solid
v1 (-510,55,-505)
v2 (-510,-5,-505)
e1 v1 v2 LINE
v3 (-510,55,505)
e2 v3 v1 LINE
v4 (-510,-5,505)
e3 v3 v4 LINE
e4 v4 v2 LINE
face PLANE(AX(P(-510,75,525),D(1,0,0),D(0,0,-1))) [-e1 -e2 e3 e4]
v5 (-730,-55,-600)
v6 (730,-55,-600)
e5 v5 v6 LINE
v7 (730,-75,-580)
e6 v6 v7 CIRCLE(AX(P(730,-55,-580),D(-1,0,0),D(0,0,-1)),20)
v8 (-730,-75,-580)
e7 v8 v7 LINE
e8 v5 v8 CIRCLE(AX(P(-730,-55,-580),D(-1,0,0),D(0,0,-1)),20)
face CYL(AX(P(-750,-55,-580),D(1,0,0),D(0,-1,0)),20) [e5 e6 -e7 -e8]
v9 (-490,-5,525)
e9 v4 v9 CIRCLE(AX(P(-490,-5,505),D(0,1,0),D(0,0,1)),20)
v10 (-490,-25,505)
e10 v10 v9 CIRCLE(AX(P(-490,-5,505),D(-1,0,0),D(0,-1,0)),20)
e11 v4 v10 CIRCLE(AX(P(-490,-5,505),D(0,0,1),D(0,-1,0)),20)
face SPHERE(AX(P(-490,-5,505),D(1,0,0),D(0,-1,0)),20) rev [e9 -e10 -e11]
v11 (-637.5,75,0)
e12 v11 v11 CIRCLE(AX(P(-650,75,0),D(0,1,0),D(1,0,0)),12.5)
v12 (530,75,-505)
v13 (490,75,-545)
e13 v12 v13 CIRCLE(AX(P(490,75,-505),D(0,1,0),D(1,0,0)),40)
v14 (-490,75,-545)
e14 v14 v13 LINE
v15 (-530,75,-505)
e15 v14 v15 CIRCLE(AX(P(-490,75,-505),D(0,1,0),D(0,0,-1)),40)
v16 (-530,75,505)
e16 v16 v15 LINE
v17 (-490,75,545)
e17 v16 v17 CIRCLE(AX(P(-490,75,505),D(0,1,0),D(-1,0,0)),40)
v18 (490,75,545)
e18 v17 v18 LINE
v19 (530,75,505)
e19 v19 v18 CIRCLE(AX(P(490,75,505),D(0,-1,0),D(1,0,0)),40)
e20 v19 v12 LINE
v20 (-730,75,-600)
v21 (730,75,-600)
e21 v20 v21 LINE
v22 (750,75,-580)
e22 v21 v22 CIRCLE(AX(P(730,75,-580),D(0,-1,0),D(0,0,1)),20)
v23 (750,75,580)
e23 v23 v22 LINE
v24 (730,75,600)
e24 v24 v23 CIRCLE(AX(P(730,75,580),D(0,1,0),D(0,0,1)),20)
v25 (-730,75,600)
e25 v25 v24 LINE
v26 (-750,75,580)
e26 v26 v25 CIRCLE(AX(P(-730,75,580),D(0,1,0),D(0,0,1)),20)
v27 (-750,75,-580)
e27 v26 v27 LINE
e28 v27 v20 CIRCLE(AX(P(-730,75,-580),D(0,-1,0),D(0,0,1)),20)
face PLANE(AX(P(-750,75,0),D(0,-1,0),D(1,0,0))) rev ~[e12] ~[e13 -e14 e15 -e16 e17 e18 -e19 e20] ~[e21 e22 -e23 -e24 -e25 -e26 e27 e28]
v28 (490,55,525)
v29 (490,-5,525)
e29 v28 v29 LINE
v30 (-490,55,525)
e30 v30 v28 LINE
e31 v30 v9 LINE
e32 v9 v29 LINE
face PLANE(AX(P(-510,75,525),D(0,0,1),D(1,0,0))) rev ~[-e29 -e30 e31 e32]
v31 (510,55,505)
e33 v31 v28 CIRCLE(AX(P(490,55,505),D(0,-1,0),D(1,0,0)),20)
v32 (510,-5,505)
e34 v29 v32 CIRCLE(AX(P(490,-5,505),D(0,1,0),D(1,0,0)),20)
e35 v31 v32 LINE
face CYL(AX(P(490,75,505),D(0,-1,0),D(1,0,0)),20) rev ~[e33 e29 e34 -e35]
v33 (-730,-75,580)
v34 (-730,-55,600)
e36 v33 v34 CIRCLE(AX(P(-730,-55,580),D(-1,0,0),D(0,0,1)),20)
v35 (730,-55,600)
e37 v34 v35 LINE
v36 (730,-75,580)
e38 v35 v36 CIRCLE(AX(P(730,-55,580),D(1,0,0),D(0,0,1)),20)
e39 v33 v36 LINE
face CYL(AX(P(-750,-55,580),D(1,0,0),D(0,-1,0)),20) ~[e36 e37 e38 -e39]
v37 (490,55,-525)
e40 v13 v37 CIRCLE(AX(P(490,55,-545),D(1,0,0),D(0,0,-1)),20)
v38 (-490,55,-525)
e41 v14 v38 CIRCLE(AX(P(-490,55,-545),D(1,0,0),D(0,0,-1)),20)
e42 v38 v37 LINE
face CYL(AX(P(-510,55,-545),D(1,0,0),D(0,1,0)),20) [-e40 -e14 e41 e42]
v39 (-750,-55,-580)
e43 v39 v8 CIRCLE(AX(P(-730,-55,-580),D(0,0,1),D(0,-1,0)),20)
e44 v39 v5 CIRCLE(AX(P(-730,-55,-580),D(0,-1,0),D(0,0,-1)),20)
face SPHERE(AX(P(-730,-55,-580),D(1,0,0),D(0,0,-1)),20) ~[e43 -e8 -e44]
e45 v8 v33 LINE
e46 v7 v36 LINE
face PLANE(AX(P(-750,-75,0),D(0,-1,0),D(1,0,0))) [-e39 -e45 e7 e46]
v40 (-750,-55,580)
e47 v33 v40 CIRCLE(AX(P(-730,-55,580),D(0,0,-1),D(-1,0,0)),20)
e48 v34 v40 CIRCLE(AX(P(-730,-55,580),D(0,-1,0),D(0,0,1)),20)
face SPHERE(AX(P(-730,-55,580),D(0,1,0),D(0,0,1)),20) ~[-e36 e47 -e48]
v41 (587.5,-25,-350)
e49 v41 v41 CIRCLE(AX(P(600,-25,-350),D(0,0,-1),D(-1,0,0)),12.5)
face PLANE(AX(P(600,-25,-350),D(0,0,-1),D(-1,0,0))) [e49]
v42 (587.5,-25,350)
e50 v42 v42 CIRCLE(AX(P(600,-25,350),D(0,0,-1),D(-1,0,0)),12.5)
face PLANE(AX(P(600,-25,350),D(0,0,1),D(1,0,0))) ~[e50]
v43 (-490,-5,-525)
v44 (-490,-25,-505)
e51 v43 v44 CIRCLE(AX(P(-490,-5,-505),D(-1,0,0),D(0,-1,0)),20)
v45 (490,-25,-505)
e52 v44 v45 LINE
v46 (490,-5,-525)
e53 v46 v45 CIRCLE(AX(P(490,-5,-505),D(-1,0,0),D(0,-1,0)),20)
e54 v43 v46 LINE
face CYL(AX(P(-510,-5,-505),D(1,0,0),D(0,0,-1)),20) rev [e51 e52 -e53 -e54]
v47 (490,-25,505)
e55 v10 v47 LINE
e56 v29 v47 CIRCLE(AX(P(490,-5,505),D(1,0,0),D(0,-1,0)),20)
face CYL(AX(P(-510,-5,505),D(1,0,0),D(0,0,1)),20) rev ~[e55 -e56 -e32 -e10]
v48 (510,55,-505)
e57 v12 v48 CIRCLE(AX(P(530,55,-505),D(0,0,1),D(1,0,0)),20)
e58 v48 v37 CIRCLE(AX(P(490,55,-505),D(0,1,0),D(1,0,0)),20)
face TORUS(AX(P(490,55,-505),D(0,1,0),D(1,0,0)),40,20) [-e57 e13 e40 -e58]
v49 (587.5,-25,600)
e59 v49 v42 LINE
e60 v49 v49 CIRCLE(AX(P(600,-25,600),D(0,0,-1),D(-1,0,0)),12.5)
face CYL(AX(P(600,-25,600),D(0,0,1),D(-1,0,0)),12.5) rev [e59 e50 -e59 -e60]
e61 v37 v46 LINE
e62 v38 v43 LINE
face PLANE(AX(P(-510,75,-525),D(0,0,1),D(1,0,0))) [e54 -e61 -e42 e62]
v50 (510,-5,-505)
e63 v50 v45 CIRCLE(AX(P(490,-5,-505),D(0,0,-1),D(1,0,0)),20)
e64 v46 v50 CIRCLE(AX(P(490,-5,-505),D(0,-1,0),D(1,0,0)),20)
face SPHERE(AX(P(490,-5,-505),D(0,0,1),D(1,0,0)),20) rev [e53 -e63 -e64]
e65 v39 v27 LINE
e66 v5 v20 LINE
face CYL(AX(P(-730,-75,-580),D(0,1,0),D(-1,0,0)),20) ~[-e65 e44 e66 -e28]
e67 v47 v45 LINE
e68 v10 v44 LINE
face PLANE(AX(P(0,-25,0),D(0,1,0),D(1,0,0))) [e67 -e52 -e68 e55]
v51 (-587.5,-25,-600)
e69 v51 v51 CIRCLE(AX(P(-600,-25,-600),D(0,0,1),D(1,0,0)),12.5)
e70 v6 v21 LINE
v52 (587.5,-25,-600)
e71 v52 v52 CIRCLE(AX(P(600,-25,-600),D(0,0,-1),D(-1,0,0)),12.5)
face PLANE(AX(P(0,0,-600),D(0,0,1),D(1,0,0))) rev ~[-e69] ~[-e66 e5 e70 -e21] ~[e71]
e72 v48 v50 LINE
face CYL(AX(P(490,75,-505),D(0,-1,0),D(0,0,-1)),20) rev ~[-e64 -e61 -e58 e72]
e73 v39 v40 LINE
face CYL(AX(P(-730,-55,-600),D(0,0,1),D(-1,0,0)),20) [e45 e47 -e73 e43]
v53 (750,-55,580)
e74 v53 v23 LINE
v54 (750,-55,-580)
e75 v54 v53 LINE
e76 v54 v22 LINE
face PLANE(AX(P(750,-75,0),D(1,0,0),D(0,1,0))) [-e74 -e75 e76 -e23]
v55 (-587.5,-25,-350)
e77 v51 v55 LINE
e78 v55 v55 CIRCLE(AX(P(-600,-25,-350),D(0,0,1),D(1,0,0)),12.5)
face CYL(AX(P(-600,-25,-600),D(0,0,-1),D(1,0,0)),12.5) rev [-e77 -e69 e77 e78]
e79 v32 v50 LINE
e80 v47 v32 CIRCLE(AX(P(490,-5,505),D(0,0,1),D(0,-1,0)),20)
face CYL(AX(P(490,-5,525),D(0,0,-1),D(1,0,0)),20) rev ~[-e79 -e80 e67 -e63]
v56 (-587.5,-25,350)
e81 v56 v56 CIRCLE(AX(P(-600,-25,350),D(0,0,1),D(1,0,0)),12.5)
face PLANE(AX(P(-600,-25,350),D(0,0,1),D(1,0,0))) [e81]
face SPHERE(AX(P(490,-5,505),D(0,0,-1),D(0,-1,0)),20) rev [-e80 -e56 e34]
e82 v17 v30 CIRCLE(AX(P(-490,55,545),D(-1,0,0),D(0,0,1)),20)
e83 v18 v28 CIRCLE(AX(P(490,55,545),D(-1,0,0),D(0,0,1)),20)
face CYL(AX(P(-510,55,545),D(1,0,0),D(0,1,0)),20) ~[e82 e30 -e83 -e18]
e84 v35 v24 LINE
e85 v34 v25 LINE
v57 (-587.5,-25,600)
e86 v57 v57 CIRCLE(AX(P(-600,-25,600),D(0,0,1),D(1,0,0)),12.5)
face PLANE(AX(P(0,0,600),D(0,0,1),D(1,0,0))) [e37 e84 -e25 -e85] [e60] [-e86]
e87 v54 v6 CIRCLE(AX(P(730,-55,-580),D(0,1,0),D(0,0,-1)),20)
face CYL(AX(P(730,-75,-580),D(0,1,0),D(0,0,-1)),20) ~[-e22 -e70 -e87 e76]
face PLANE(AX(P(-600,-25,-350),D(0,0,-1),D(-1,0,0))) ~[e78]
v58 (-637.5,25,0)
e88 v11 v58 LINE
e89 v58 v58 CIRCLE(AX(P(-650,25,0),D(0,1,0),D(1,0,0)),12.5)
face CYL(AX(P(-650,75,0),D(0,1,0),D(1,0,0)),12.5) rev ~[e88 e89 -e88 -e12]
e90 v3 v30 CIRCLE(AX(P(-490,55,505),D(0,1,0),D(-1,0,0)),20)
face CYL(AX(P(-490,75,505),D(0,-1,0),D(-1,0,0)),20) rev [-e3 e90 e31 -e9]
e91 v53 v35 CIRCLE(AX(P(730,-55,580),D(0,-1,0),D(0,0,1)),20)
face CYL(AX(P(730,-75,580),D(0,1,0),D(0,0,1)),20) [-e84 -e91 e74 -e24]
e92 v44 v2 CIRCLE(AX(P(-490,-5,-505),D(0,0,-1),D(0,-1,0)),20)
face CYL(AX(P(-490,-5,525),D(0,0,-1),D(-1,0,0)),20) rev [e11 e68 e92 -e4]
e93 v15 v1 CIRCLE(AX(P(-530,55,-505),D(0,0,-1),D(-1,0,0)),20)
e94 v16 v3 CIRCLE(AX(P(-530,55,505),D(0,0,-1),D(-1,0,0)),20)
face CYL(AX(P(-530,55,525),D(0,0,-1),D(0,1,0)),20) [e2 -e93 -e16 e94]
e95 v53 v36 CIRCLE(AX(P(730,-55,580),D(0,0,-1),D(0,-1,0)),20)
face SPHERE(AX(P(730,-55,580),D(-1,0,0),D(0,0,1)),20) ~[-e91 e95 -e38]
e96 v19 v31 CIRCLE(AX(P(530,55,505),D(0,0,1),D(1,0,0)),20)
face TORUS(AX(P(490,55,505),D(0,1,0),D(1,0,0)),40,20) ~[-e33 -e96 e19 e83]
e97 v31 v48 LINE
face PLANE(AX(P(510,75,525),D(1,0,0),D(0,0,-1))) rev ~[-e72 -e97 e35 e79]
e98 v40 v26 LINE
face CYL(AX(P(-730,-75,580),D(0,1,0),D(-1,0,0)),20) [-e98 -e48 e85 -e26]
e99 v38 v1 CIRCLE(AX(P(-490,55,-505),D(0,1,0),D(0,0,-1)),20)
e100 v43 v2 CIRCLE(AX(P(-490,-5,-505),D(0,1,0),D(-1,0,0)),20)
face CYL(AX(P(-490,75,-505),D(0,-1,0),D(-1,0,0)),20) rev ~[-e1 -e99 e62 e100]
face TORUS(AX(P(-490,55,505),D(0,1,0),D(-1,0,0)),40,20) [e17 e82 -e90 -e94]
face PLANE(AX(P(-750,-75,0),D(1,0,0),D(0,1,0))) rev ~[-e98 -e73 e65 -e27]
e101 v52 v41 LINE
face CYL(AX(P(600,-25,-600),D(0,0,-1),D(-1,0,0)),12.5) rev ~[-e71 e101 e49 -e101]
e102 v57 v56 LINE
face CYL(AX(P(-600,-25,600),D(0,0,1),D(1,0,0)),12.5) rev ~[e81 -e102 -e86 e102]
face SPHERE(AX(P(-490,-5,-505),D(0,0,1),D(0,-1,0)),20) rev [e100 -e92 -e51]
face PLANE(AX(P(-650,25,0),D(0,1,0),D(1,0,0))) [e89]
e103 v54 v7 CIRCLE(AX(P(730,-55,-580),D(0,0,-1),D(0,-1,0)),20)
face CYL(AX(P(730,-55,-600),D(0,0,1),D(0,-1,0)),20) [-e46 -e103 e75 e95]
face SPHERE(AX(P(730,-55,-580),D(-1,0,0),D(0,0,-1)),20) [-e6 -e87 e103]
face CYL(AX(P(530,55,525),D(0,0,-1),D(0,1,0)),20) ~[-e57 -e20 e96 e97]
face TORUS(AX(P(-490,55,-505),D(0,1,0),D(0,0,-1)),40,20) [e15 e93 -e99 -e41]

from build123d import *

# Parameters (mm, degrees)
SKETCH2_W               = 1500
SKETCH2_H               = 150
BOSS_EXTRUDE1_DEPTH     = 600
SKETCH3_R               = 12.5
CUT_EXTRUDE2_DEPTH      = 250
MIRROR3_COPY_1_SKETCH_R = 12.5
MIRROR3_COPY_1_DEPTH    = 250
SKETCH4_R               = 12.5
CUT_EXTRUDE3_DEPTH      = 50
SKETCH5_W               = 1020
SKETCH5_H               = 1050
CUT_EXTRUDE4_DEPTH      = 100
FILLET1_R               = 20


with BuildPart() as part:
    # Sketch2 → Boss-Extrude1 (new body, symmetric)
    with BuildSketch(Plane.XY):
        Rectangle(SKETCH2_W, SKETCH2_H)
    extrude(amount=BOSS_EXTRUDE1_DEPTH, both=True)

    # Sketch3 → Cut-Extrude2 (cut)
    with BuildSketch(Plane.XY.offset(600)):
        with Locations((-600, -25)):
            Circle(SKETCH3_R)
    cut_extrude2 = extrude(amount=-CUT_EXTRUDE2_DEPTH, mode=Mode.SUBTRACT)

    # Mirror2: Cut-Extrude2 across plane
    add(cut_extrude2.mirror(Plane(origin=(0, 0, 0), x_dir=(0, 0, 1), z_dir=(1, 0, 0))), mode=Mode.SUBTRACT)

    # Mirror3: Cut-Extrude2 across plane
    add(cut_extrude2.mirror(Plane.XY), mode=Mode.SUBTRACT)

    # Mirror3 copy 1 sketch → Mirror3 copy 1 (cut)
    with BuildSketch(Plane(origin=(0, 0, -600), x_dir=(-1, 0, 0), z_dir=(0, 0, -1))):
        with Locations((-600, -25)):
            Circle(MIRROR3_COPY_1_SKETCH_R)
    extrude(amount=-MIRROR3_COPY_1_DEPTH, mode=Mode.SUBTRACT)

    # Sketch4 → Cut-Extrude3 (cut)
    with BuildSketch(Plane(origin=(0, 75, 0), x_dir=(1, 0, 0), z_dir=(0, 1, 0))):
        with Locations((-650, 0)):
            Circle(SKETCH4_R)
    extrude(amount=-CUT_EXTRUDE3_DEPTH, mode=Mode.SUBTRACT)

    # Sketch5 → Cut-Extrude4 (cut)
    with BuildSketch(Plane(origin=(0, 75, 0), x_dir=(1, 0, 0), z_dir=(0, 1, 0))):
        Rectangle(SKETCH5_W, SKETCH5_H)
    extrude(amount=-CUT_EXTRUDE4_DEPTH, mode=Mode.SUBTRACT)

    # Fillet1
    fillet1_edges = [part.edges().sort_by_distance(p)[0] for p in [
        (-750, 0, 600),
        (0, -75, 600),
        (510, -25, 0),
        (510, 25, -525),
        (0, -25, 525),
        (510, 25, 525),
        (-510, -25, 0),
        (-510, 25, 525),
        (0, -25, -525),
        (-510, 25, -525),
        (510, 75, 0),
        (0, 75, -525),
        (-510, 75, 0),
        (0, 75, 525),
        (750, 0, 600),
        (0, -75, -600),
        (-750, 0, -600),
        (750, 0, -600),
        (750, -75, 0),
        (-750, -75, 0),
    ]]
    fillet(fillet1_edges, radius=FILLET1_R)


solid = part.part
